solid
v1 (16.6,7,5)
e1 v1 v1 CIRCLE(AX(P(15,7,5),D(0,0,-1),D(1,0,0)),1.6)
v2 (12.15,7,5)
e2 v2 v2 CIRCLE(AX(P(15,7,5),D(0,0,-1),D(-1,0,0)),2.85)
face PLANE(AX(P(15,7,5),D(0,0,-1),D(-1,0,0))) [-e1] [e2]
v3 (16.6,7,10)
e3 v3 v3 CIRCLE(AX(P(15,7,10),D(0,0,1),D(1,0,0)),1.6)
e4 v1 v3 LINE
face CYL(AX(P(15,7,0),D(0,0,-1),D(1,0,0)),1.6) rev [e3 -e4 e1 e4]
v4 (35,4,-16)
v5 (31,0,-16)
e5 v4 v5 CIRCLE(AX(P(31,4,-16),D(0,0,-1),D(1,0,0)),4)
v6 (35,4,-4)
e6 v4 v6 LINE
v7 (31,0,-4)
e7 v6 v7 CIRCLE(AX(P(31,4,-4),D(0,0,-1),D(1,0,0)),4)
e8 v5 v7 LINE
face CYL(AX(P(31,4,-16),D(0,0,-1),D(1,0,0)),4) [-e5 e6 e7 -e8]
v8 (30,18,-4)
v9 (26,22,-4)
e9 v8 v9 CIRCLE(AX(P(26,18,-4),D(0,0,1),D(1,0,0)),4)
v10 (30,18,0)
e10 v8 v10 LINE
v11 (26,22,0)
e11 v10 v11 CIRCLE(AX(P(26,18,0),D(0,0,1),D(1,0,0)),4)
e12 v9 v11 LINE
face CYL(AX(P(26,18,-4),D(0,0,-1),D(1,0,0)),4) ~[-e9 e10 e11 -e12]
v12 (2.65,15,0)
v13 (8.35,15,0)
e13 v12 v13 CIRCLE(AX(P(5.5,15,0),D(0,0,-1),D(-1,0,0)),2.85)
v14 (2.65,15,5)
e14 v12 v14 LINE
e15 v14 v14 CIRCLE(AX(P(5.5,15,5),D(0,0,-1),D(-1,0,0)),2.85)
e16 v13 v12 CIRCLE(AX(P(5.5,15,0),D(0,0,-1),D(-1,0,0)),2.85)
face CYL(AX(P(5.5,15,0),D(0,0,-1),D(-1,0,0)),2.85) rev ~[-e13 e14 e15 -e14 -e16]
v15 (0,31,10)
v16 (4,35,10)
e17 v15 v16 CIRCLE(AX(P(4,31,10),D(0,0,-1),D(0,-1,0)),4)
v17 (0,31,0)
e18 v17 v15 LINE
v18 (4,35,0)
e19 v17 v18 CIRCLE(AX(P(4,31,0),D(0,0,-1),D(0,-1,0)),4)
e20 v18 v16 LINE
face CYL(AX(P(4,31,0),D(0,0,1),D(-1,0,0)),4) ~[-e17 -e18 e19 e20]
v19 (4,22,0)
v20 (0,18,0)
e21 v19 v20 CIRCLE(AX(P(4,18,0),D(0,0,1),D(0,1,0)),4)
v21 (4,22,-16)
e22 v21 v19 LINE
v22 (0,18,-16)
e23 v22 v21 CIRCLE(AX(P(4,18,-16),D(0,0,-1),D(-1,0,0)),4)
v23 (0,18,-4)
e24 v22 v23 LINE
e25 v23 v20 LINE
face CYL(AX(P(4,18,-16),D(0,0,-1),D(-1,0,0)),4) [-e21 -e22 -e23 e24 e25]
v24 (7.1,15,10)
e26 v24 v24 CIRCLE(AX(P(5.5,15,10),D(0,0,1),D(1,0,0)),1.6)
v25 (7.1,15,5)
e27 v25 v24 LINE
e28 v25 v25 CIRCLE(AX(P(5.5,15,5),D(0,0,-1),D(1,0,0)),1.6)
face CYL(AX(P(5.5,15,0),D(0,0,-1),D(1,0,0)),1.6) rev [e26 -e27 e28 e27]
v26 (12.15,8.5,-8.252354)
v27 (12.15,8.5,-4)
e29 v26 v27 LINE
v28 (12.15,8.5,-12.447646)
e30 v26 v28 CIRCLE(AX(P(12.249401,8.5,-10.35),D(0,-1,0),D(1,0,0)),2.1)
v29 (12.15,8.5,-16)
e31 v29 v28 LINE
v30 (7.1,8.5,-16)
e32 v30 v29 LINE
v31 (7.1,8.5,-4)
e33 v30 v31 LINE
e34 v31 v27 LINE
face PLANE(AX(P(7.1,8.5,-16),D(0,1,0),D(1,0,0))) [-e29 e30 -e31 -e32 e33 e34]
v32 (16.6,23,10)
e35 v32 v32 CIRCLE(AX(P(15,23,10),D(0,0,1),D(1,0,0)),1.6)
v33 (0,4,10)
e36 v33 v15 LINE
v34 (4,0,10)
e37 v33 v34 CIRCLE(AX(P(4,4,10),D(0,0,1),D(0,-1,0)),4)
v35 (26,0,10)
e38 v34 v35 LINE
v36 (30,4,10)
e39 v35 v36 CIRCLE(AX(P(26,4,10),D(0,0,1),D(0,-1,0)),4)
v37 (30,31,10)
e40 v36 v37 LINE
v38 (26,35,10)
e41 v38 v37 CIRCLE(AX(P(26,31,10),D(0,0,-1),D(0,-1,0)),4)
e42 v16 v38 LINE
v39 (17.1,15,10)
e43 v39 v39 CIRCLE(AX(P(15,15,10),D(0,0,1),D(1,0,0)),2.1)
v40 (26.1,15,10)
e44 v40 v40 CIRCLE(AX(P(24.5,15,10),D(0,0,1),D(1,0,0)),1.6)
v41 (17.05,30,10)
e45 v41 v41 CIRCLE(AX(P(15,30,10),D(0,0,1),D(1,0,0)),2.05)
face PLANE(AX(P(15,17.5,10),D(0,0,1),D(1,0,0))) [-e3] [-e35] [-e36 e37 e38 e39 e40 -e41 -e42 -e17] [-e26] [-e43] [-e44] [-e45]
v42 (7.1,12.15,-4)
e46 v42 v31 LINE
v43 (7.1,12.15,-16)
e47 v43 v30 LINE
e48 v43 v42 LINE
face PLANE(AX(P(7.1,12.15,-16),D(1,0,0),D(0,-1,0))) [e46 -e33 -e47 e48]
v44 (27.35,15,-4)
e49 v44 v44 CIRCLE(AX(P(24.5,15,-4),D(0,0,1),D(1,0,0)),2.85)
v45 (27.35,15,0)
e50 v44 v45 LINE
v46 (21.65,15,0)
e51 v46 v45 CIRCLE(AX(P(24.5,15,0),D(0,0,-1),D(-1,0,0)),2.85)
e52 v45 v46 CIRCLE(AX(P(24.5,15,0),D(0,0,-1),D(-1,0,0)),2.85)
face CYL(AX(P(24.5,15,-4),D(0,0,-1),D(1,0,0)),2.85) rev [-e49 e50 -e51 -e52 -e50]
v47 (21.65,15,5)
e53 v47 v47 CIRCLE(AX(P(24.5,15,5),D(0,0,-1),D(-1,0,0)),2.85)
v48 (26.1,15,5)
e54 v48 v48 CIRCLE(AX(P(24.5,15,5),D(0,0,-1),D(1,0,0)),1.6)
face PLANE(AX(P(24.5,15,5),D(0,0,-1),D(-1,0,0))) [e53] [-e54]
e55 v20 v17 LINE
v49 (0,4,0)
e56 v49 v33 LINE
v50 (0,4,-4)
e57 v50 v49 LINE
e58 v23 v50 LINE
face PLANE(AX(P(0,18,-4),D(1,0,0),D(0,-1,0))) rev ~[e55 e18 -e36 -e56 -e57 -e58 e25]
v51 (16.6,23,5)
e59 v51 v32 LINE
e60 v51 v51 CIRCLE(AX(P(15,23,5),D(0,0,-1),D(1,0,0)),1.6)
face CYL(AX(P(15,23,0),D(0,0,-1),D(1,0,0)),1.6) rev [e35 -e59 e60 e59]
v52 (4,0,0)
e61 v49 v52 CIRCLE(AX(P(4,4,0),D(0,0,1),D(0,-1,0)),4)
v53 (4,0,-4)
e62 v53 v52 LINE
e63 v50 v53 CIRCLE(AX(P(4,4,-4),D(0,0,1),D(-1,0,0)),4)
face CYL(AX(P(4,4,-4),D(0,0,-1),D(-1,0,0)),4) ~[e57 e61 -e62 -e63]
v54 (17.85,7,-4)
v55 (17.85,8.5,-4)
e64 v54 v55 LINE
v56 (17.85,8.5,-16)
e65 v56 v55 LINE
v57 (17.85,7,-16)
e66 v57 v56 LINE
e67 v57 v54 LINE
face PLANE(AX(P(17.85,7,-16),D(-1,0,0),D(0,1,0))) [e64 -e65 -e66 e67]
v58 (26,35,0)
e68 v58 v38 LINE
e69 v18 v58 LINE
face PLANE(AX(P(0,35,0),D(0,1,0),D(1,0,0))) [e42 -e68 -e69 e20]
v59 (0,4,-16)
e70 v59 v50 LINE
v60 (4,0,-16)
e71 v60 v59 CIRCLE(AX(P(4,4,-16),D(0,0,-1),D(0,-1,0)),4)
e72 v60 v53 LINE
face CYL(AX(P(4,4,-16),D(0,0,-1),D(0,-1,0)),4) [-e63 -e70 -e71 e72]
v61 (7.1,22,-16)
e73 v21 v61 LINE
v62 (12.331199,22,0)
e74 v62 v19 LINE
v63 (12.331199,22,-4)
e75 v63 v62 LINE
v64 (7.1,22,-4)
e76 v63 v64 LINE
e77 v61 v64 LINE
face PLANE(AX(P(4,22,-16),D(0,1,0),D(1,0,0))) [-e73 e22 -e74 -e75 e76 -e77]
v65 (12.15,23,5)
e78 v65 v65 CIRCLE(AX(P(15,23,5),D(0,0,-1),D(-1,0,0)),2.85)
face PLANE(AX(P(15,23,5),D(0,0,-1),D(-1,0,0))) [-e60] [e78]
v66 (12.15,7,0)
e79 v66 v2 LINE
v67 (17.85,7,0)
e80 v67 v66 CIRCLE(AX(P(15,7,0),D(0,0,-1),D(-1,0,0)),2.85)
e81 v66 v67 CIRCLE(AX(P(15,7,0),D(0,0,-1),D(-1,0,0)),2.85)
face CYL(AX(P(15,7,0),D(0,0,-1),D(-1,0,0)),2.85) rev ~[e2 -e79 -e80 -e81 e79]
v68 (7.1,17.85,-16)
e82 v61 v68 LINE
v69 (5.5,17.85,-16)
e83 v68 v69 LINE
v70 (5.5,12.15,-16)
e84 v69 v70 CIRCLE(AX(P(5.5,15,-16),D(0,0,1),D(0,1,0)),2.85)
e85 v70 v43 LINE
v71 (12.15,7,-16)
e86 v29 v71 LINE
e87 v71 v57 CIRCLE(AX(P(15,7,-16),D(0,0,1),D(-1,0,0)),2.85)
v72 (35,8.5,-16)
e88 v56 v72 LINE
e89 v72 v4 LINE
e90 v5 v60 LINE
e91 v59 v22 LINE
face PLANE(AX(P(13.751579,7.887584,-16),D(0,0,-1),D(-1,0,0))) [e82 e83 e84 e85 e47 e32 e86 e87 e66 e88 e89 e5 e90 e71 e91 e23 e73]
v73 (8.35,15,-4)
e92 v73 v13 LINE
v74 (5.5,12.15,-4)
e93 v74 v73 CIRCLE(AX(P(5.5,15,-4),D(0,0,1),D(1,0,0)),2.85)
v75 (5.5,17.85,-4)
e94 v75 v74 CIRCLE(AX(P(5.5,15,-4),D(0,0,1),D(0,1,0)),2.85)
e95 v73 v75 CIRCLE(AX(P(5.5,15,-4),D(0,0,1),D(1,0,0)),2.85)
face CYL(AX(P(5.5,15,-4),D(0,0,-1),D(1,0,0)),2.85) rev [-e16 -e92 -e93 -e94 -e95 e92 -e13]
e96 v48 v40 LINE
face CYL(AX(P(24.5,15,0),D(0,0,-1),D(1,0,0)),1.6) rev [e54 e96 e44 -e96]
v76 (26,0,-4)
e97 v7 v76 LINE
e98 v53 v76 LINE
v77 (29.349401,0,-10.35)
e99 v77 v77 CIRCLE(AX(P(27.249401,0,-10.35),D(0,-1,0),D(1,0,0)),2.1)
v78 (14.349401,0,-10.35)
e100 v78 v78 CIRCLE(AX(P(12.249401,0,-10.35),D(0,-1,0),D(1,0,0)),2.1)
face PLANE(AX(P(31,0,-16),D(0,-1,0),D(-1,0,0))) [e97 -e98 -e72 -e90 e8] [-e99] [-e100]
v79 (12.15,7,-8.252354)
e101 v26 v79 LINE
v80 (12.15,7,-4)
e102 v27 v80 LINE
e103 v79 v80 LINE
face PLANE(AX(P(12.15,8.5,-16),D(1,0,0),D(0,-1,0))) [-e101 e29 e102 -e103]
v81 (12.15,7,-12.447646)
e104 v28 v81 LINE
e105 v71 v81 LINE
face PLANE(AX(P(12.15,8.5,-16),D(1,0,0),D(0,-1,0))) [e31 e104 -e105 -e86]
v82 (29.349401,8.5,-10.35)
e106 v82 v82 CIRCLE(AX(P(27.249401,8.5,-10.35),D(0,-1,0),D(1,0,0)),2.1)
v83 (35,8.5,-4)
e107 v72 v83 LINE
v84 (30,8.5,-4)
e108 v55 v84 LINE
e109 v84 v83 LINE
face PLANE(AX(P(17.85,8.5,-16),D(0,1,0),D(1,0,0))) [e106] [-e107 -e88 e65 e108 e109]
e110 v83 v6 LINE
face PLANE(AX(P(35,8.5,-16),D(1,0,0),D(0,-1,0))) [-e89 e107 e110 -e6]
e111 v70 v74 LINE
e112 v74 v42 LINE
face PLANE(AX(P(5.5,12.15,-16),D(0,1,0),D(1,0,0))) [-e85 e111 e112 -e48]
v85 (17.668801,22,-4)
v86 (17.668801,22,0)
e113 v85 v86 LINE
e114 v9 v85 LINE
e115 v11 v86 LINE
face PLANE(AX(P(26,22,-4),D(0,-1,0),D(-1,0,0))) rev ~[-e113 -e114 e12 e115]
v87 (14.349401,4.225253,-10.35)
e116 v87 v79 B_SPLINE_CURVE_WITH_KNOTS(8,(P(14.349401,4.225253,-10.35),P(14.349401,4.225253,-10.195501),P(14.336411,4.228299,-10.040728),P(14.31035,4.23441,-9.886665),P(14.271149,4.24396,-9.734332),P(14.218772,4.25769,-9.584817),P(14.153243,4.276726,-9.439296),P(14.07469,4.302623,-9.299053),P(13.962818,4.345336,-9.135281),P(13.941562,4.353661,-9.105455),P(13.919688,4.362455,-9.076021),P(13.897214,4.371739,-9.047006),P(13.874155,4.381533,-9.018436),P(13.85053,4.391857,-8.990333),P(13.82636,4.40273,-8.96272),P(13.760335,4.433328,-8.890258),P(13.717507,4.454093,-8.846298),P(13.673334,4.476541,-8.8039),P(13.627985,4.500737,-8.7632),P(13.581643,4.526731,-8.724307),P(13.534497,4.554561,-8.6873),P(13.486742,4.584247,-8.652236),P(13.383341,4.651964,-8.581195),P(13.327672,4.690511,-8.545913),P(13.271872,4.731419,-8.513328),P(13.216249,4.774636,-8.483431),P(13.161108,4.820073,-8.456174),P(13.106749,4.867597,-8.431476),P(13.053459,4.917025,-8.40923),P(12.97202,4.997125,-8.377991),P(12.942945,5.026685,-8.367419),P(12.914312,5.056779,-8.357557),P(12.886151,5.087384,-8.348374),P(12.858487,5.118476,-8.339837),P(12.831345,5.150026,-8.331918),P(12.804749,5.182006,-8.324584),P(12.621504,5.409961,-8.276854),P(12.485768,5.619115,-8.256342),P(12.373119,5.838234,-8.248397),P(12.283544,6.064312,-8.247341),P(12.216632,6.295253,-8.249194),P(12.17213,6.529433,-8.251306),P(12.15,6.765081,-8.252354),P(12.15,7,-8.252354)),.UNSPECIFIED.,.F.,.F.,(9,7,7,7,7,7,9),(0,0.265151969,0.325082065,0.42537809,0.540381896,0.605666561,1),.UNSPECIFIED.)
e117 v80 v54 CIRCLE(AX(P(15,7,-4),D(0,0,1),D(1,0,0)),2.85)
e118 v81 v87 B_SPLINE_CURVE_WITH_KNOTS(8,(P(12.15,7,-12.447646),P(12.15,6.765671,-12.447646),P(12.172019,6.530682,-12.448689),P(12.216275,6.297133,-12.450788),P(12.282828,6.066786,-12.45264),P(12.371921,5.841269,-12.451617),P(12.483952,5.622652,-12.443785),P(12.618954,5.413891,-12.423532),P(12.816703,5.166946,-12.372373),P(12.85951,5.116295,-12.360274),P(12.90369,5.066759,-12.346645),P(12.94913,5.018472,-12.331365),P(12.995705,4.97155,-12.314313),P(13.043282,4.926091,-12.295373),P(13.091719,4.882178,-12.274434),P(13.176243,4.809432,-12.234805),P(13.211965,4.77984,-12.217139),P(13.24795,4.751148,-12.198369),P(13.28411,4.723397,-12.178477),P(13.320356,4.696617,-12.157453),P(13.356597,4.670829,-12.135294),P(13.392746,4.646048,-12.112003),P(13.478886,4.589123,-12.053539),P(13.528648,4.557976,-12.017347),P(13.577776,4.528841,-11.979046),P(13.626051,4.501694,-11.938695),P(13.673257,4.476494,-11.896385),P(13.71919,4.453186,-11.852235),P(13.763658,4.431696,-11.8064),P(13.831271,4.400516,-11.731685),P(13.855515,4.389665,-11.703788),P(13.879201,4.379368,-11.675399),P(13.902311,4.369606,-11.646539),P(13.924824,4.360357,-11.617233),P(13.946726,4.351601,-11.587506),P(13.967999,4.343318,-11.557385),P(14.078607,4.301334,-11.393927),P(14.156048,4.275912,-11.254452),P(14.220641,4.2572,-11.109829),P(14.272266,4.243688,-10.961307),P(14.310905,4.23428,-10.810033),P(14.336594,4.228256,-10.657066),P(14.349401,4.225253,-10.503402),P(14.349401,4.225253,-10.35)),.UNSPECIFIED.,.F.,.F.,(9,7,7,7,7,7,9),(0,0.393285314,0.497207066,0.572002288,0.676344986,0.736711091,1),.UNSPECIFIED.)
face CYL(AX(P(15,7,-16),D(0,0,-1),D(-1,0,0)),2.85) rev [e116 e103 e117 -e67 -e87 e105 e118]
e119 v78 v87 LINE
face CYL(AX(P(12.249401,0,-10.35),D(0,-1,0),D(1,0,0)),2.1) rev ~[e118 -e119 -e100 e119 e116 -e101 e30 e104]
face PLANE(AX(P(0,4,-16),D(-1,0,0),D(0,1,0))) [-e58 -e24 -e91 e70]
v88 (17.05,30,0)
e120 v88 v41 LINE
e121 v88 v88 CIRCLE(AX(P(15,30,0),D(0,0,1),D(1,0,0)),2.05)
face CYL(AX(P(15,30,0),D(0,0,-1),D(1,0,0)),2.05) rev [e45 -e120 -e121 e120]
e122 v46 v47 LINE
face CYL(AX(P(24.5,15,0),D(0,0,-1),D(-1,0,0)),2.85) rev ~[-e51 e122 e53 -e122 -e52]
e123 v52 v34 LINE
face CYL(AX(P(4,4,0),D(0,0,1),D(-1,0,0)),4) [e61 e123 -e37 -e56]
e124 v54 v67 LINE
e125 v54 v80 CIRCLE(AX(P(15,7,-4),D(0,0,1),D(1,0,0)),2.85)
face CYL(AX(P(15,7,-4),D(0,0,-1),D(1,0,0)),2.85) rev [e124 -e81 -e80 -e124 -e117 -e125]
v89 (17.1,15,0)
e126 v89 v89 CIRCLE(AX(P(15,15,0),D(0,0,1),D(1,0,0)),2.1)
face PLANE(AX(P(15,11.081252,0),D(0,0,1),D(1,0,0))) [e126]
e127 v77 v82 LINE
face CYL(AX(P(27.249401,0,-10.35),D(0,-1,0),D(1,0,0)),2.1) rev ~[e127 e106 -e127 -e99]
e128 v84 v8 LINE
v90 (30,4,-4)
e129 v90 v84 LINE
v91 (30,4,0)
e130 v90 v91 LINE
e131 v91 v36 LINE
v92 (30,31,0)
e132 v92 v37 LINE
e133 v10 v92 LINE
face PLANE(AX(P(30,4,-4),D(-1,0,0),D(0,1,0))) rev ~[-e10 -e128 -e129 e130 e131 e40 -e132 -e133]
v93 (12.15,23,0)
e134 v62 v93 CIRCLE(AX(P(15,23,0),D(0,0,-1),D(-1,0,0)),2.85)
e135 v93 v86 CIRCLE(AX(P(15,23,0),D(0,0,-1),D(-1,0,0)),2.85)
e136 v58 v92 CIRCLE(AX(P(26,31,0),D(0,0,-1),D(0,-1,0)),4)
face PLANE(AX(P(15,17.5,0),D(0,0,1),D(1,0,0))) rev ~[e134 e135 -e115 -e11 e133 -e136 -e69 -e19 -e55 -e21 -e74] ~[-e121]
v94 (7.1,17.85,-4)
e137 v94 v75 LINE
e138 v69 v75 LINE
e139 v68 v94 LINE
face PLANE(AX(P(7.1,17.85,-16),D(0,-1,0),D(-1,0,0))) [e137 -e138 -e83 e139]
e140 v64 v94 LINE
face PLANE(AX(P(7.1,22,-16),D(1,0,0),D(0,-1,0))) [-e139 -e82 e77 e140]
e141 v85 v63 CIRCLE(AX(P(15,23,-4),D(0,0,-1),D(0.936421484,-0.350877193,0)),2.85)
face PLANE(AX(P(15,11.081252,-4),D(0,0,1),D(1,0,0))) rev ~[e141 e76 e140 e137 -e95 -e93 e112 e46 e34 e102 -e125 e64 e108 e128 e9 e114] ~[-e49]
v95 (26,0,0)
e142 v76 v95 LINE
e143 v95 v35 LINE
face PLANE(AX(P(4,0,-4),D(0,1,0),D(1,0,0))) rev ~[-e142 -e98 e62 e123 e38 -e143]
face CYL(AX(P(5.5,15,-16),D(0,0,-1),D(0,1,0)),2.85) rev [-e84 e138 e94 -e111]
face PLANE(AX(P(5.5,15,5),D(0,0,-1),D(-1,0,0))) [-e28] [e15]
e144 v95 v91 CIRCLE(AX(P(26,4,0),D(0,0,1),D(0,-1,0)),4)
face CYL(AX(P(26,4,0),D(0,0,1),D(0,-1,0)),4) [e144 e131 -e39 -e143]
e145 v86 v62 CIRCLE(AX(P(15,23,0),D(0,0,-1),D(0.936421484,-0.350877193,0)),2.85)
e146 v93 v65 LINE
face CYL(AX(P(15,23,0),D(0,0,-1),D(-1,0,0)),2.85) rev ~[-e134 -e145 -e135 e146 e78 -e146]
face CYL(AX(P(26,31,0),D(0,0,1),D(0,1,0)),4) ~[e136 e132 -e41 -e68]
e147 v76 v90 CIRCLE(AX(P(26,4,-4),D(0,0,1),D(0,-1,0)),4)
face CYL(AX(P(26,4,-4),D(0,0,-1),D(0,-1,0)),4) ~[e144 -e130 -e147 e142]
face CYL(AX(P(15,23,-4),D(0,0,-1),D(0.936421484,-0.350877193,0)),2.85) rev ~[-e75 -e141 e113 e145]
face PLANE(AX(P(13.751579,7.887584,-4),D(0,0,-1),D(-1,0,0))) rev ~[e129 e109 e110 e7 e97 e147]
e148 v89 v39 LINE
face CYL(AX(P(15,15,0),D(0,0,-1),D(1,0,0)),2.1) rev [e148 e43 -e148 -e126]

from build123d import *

# Parameters (mm, degrees)
SKETCH1_W           = 30
SKETCH1_H           = 35
SKETCH1_R           = 2.05
SKETCH1_R_2         = 2.1
SKETCH1_R_3         = 1.6
BOSS_EXTRUDE1_DEPTH = 10
SKETCH2_R           = 2.85
CUT_EXTRUDE1_DEPTH  = 5
FILLET1_R           = 4
BOSS_EXTRUDE2_START = -4
SKETCH6_R           = 2.85
BOSS_EXTRUDE2_DEPTH = 4
BOSS_EXTRUDE3_START = 12
BOSS_EXTRUDE3_DEPTH = 12
SKETCH8_R           = 2.1
CUT_EXTRUDE4_DEPTH  = 53.019227215


with BuildPart() as part:
    # Sketch1 → Boss-Extrude1 (new body)
    with BuildSketch(Plane.XY):
        with Locations((15, 17.5)):
            Rectangle(SKETCH1_W, SKETCH1_H)
        with Locations((15, 30)):
            Circle(SKETCH1_R, mode=Mode.SUBTRACT)
        with Locations((15, 15)):
            Circle(SKETCH1_R_2, mode=Mode.SUBTRACT)
        with Locations((5.5, 15)):
            Circle(SKETCH1_R_3, mode=Mode.SUBTRACT)
        with Locations((24.5, 15)):
            Circle(SKETCH1_R_3, mode=Mode.SUBTRACT)
        with Locations((15, 7)):
            Circle(SKETCH1_R_3, mode=Mode.SUBTRACT)
        with Locations((15, 23)):
            Circle(SKETCH1_R_3, mode=Mode.SUBTRACT)
    extrude(amount=BOSS_EXTRUDE1_DEPTH)

    # Sketch2 → Cut-Extrude1 (cut)
    with BuildSketch(Plane(origin=(0, 0, 0), x_dir=(-1, 0, 0), z_dir=(0, 0, -1))):
        with Locations((-15, 7)):
            Circle(SKETCH2_R)
        with Locations((-24.5, 15)):
            Circle(SKETCH2_R)
        with Locations((-15, 23)):
            Circle(SKETCH2_R)
        with Locations((-5.5, 15)):
            Circle(SKETCH2_R)
    extrude(amount=-CUT_EXTRUDE1_DEPTH, mode=Mode.SUBTRACT)

    # Fillet1
    fillet1_edges = [part.edges().sort_by_distance(p)[0] for p in [
        (0, 35, 5),
        (30, 35, 5),
        (30, 0, 5),
        (0, 0, 5),
    ]]
    fillet(fillet1_edges, radius=FILLET1_R)

    # Sketch6 → Boss-Extrude2 (add)
    with BuildSketch(Plane.XY.offset(BOSS_EXTRUDE2_START)):
        with BuildLine():
            Line((26, 22), (17.668801229, 22))
            ThreePointArc((17.668801229, 22), (15, 20.15), (12.331198771, 22))
            Line((12.331198771, 22), (4, 22))
            ThreePointArc((4, 22), (1.171572875, 20.828427125), (0, 18))
            Line((0, 18), (0, 4))
            ThreePointArc((0, 4), (1.171572875, 1.171572875), (4, 0))
            Line((4, 0), (26, 0))
            ThreePointArc((26, 0), (28.828427125, 1.171572875), (30, 4))
            Line((30, 4), (30, 18))
            ThreePointArc((30, 18), (28.828427125, 20.828427125), (26, 22))
        make_face()
        with Locations((5.5, 15)):
            Circle(SKETCH6_R, mode=Mode.SUBTRACT)
        with Locations((15, 7)):
            Circle(SKETCH6_R, mode=Mode.SUBTRACT)
        with Locations((24.5, 15)):
            Circle(SKETCH6_R, mode=Mode.SUBTRACT)
    extrude(amount=BOSS_EXTRUDE2_DEPTH)

    # Sketch7 → Boss-Extrude3 (add)
    with BuildSketch(Plane(origin=(0, 0, -4), x_dir=(-1, 0, 0), z_dir=(0, 0, -1)).offset(BOSS_EXTRUDE3_START)):
        with BuildLine():
            Line((-7.1, 22), (-7.1, 17.85))
            Line((-7.1, 17.85), (-5.5, 17.85))
            ThreePointArc((-5.5, 17.85), (-2.65, 15), (-5.5, 12.15))
            Line((-5.5, 12.15), (-7.1, 12.15))
            Line((-7.1, 12.15), (-7.1, 8.5))
            Line((-7.1, 8.5), (-12.15, 8.5))
            Line((-12.15, 8.5), (-12.15, 7))
            ThreePointArc((-12.15, 7), (-15, 4.15), (-17.85, 7))
            Line((-17.85, 7), (-17.85, 8.5))
            Line((-17.85, 8.5), (-30, 8.5))
            Line((-30, 8.5), (-35, 8.5))
            Line((-35, 8.5), (-35, 4))
            ThreePointArc((-35, 4), (-33.828427125, 1.171572875), (-31, 0))
            Line((-31, 0), (-26, 0))
            Line((-26, 0), (-4, 0))
            ThreePointArc((-4, 0), (-1.171572875, 1.171572875), (0, 4))
            Line((0, 4), (0, 18))
            ThreePointArc((0, 18), (-1.171572875, 20.828427125), (-4, 22))
            Line((-4, 22), (-7.1, 22))
        make_face()
    extrude(amount=-BOSS_EXTRUDE3_DEPTH)

    # Sketch8 → Cut-Extrude4 (cut, through all)
    with BuildSketch(Plane.XZ):
        with Locations((12.249401243, -10.35)):
            Circle(SKETCH8_R)
        with Locations((27.249401243, -10.35)):
            Circle(SKETCH8_R)
    extrude(amount=-CUT_EXTRUDE4_DEPTH, mode=Mode.SUBTRACT)


solid = part.part
